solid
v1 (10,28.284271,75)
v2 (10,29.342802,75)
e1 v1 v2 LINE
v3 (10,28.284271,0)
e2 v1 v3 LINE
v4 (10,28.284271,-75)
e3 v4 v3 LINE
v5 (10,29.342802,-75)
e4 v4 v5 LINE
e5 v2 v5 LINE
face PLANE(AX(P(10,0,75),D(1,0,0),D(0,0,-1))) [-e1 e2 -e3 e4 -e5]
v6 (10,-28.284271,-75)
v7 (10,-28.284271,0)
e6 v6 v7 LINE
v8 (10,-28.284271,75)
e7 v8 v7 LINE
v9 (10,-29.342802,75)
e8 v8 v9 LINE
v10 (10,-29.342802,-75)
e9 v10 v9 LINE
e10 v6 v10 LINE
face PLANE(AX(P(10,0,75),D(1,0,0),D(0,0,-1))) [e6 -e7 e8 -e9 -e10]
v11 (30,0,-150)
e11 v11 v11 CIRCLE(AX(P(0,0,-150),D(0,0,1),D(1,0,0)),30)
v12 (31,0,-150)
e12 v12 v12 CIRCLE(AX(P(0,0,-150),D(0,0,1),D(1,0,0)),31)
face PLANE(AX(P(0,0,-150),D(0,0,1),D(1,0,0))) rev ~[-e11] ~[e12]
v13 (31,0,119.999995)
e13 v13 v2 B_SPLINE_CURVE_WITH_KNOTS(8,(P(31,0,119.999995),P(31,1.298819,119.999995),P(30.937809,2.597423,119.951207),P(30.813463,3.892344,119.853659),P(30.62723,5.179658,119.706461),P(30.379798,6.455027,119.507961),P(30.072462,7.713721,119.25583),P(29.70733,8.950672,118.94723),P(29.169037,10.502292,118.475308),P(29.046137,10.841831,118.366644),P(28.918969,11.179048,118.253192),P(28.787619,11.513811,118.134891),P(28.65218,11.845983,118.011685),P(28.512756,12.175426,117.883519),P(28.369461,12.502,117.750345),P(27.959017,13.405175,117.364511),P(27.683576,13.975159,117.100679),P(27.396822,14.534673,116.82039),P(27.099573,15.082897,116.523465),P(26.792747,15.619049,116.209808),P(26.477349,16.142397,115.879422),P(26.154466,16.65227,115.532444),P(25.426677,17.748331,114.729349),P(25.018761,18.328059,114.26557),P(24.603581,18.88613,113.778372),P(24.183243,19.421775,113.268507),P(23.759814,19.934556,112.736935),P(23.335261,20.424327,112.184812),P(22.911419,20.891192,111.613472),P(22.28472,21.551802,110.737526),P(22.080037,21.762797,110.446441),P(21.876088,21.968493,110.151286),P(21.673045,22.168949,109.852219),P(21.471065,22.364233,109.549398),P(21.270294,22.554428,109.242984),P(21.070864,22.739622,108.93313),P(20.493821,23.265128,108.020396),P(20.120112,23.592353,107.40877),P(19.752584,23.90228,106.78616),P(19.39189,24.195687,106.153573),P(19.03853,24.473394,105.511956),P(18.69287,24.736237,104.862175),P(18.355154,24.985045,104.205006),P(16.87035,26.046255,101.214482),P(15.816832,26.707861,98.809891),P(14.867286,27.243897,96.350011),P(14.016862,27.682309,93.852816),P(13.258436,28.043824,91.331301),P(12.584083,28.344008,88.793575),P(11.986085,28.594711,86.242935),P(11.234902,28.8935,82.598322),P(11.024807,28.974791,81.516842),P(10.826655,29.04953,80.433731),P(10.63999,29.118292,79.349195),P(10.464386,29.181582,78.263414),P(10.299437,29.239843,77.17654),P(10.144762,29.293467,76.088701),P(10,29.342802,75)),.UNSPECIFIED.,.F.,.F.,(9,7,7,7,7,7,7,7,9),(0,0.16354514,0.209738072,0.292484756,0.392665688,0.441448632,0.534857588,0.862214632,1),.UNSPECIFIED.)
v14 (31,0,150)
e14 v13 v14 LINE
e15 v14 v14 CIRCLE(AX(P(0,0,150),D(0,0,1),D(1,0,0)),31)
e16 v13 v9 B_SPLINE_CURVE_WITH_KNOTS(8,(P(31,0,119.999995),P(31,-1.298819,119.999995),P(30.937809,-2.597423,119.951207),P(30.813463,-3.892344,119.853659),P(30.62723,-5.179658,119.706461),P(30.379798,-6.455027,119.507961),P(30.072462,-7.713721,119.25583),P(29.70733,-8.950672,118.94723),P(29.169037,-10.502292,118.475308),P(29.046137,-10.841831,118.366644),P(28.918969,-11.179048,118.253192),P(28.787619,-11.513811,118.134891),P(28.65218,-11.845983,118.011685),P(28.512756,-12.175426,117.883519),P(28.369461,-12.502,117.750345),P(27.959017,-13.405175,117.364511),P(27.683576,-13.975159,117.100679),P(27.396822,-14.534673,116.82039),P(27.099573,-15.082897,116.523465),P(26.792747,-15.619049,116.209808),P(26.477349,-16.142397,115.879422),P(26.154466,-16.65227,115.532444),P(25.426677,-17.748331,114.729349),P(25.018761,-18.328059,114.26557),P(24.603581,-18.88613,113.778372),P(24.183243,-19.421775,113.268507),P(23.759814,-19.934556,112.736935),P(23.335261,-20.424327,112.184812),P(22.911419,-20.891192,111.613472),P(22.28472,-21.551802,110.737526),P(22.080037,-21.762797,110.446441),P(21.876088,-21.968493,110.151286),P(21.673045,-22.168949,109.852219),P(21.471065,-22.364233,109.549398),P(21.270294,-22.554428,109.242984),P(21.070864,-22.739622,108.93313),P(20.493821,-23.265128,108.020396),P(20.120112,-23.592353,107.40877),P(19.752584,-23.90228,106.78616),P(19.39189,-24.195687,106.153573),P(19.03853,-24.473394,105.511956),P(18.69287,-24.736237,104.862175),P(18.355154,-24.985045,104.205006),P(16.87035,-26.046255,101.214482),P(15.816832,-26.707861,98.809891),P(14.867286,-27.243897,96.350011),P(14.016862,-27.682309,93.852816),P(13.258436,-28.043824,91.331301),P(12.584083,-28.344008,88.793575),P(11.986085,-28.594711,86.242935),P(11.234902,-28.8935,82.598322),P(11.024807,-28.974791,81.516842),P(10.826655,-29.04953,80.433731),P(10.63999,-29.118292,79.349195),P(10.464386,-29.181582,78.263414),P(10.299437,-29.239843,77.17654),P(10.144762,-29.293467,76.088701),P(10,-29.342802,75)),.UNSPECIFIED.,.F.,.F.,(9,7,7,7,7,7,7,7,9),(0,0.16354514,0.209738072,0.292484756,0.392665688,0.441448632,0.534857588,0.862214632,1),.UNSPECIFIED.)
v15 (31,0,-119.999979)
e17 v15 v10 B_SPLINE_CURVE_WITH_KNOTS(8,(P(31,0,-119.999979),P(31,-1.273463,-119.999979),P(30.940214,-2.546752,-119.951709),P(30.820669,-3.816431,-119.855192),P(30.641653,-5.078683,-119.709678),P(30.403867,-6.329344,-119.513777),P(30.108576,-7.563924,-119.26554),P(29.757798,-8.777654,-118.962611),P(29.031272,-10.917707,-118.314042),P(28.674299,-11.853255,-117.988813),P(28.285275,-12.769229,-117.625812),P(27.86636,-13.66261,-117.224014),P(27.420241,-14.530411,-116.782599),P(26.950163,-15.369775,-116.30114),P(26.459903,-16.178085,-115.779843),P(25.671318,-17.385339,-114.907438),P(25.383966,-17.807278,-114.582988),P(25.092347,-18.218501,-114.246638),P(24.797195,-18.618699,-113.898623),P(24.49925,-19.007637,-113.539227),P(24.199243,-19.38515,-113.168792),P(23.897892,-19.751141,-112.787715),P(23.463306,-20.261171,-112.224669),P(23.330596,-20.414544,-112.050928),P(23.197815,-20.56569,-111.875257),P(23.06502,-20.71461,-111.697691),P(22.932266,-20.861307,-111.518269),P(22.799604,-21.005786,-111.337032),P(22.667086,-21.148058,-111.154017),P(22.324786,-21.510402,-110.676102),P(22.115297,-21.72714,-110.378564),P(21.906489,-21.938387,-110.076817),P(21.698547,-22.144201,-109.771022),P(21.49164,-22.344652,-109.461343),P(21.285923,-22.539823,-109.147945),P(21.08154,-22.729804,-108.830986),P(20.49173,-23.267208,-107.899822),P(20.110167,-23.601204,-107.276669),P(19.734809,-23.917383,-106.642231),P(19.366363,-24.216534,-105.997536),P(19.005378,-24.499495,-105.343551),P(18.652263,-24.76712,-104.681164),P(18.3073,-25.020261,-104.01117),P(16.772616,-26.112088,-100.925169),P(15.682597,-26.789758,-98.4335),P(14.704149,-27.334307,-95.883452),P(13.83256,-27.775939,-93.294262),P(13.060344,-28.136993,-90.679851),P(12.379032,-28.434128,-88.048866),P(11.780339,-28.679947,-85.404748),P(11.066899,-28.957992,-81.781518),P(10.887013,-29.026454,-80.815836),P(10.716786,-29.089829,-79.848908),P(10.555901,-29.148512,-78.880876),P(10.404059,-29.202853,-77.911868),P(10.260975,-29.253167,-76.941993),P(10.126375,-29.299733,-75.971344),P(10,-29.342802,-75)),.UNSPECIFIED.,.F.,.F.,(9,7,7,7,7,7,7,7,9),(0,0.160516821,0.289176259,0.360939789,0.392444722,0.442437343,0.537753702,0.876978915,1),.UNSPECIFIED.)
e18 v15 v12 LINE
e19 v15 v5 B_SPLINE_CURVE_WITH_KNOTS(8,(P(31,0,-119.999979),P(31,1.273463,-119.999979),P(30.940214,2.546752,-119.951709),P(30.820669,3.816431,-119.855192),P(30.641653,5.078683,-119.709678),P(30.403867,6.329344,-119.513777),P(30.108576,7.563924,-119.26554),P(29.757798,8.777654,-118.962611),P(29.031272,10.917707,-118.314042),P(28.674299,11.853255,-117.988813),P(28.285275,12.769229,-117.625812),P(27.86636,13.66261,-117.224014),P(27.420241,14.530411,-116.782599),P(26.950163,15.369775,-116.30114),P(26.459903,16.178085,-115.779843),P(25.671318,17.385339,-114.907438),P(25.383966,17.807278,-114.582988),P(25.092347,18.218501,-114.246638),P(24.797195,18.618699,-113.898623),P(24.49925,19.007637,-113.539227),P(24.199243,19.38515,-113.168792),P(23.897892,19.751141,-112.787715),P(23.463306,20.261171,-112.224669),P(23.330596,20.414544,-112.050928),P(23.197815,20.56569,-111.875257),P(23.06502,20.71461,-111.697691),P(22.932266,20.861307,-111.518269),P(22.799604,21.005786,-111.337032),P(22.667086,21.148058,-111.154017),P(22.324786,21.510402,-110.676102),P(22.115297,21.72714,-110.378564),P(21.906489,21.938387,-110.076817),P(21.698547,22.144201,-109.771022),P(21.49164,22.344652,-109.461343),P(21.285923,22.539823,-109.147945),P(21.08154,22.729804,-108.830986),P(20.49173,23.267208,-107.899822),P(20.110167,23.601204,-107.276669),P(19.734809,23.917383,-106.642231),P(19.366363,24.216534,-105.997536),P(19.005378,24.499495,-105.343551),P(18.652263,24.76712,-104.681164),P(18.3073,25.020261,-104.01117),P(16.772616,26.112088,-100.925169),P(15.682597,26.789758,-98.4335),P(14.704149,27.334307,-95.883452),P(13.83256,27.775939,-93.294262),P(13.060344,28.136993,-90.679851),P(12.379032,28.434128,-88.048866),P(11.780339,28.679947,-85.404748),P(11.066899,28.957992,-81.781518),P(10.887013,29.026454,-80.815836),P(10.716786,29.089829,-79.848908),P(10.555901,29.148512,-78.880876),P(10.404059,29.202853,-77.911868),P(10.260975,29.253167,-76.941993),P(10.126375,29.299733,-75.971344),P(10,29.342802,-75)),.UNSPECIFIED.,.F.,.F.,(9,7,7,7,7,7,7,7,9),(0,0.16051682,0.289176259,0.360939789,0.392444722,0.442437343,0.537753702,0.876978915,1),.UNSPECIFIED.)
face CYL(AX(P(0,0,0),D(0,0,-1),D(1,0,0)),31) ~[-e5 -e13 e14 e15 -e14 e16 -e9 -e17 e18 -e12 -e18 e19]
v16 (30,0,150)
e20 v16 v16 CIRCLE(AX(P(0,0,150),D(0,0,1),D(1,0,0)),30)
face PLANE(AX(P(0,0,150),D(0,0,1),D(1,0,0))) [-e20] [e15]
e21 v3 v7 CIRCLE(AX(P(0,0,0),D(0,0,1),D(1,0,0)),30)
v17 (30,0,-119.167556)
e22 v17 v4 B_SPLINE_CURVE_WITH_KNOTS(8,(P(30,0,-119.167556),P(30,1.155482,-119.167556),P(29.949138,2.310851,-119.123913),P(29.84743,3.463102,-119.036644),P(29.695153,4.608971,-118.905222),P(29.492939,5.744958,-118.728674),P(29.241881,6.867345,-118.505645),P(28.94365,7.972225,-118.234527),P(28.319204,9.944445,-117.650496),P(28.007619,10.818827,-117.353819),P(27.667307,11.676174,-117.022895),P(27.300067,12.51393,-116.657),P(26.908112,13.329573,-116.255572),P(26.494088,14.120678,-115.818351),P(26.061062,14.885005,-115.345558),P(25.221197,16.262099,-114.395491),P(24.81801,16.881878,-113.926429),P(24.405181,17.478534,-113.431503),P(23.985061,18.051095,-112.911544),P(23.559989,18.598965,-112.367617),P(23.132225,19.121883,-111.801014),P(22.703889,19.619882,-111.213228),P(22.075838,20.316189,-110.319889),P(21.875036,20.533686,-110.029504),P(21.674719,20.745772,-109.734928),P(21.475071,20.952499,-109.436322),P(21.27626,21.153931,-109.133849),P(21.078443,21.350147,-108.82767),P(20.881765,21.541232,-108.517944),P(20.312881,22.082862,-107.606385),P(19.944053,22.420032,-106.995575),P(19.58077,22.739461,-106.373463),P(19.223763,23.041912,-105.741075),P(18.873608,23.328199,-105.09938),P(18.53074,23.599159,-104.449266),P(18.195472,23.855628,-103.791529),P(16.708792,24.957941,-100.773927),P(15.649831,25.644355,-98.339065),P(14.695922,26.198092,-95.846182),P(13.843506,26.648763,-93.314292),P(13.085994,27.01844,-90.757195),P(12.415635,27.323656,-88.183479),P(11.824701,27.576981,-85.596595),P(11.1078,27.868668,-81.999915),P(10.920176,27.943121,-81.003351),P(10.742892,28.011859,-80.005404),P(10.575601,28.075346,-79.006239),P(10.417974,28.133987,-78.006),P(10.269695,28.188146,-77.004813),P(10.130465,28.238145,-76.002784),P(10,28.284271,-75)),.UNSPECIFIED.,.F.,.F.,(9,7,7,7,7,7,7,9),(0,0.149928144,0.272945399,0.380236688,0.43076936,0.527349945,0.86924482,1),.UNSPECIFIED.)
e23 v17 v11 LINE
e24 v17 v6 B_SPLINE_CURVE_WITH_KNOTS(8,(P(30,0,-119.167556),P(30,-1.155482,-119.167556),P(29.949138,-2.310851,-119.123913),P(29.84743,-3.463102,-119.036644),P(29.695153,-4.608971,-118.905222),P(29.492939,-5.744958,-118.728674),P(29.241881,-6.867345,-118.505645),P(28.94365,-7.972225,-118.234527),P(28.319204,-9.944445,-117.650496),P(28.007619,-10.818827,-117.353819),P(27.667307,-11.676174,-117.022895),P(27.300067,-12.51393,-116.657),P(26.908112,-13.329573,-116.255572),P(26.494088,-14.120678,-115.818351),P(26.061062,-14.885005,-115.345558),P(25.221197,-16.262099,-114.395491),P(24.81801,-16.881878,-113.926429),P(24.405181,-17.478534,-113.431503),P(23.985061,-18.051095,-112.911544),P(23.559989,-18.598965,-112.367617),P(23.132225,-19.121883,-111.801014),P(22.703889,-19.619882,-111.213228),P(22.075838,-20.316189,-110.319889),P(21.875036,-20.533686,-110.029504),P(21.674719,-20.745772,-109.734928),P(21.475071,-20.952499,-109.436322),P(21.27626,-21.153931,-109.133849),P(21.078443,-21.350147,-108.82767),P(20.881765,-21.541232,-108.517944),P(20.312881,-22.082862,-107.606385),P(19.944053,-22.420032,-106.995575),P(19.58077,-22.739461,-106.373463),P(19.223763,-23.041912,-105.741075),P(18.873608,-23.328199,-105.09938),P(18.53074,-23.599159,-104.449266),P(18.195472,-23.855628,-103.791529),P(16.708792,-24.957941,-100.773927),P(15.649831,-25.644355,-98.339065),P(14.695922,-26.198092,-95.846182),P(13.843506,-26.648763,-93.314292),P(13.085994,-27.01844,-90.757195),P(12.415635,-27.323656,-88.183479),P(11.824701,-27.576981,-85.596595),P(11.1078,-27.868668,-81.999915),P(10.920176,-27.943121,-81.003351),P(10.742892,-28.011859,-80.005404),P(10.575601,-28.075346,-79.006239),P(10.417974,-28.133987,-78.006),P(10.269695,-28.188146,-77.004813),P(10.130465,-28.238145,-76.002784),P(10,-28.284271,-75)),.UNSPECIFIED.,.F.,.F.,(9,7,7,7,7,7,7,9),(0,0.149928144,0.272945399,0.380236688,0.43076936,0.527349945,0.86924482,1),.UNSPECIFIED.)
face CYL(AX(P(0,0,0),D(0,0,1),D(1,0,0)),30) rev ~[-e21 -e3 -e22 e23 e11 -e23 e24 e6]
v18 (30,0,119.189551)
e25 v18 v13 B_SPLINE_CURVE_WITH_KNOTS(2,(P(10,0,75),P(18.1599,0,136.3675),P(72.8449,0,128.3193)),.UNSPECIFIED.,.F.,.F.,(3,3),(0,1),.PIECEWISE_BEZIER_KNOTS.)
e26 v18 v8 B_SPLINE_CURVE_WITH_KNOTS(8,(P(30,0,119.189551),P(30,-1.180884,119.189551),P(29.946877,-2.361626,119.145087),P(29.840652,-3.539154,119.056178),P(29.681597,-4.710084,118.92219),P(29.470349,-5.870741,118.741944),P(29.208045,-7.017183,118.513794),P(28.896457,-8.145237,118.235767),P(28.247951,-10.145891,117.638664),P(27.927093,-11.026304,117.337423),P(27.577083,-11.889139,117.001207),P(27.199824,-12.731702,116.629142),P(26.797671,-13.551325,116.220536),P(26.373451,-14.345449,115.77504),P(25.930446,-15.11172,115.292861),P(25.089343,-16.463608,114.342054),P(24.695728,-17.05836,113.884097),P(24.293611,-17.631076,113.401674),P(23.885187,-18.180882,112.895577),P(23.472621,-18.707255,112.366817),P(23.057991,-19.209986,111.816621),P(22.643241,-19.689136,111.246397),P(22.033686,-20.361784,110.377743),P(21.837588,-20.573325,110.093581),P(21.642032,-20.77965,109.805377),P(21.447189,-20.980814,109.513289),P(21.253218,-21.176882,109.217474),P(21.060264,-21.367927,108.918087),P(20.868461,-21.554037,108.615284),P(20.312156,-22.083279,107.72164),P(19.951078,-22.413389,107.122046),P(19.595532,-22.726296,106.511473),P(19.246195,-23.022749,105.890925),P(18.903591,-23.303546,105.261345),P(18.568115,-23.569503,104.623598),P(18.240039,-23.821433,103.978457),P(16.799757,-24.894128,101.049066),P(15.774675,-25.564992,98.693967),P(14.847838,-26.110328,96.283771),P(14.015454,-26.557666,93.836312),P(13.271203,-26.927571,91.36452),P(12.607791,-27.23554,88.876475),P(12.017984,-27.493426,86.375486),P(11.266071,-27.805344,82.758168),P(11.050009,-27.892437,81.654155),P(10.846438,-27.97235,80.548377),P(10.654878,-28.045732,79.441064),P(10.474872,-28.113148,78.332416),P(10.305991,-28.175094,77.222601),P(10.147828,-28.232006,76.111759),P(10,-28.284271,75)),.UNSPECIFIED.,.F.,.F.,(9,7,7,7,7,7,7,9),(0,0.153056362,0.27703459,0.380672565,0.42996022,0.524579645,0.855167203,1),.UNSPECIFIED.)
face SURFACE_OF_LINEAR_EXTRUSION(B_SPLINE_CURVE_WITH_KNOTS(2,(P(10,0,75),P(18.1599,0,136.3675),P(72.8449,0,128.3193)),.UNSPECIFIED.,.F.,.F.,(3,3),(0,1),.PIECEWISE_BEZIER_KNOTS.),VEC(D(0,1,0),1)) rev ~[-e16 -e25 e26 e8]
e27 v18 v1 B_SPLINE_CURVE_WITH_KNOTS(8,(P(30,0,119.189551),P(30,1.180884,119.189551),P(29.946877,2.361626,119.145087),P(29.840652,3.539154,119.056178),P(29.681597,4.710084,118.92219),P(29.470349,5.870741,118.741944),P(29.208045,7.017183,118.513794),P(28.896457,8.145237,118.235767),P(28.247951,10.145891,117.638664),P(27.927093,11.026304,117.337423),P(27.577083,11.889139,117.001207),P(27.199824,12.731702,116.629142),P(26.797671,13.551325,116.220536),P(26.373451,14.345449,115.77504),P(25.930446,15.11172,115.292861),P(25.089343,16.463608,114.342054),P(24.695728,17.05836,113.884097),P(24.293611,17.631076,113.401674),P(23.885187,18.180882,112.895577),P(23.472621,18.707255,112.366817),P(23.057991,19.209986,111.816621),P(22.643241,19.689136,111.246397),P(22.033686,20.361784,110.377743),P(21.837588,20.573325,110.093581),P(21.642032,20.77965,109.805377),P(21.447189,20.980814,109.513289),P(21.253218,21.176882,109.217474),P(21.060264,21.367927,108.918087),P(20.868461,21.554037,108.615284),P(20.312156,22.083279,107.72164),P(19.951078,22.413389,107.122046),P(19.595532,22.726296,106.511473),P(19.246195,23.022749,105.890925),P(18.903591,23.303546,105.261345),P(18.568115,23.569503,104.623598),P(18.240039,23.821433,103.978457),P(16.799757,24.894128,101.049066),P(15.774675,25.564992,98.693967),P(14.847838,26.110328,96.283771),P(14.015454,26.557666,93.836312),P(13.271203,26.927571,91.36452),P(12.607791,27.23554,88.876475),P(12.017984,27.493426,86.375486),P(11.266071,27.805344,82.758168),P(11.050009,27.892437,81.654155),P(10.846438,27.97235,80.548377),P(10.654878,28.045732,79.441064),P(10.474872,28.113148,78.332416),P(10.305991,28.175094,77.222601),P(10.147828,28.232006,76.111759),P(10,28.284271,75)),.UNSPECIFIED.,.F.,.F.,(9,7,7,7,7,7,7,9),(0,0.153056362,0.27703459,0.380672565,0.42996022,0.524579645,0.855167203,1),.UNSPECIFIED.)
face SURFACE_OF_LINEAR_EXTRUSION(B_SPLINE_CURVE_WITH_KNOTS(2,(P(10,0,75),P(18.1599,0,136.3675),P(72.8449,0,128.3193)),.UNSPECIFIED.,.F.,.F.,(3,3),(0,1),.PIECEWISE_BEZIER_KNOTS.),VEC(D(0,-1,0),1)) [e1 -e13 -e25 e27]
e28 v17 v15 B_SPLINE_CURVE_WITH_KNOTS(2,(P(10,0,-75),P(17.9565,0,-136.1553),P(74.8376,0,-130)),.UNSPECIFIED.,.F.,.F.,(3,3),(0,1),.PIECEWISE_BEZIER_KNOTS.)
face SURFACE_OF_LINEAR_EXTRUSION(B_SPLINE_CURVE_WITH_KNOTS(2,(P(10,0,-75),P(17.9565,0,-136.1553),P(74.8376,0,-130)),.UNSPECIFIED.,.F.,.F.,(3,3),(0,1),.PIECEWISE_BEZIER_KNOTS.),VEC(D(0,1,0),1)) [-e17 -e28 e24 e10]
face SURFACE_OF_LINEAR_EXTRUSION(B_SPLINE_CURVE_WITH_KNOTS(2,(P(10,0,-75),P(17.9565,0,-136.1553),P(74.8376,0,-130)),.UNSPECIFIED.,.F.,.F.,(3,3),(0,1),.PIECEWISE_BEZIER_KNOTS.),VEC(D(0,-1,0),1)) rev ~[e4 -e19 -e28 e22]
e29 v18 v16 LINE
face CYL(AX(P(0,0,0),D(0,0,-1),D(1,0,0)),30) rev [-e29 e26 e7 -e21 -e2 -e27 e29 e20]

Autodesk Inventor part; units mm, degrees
ref_plane "YZ Plane" through (0, 0, 0) normal (1, 0, 0) x (0, 1, 0)
ref_plane "XZ Plane" through (0, 0, 0) normal (0, 1, 0) x (-1, 0, 0)
ref_plane "XY Plane" through (0, 0, 0) normal (0, 0, 1) x (1, 0, 0)
sketch "Skizze1" plane through (0, 0, 0) normal (0, 0, 1) x (1, 0, 0)
  circle A0 centre (0, 0) radius 31
  circle A1 centre (0, 0) radius 30
  dimension "d0" = 62
  dimension "d1" = 60
extrude "Extrusion1" add sketch "Skizze1" along normal mid plane 300
sketch "Skizze2" plane through (0, 0, 0) normal (0, 1, 0) x (-1, 0, 0)
  line L0 (-10, 169.5773) -> (-10, -169.8146) construction
  line L1 (-74.8376, 0) -> (82.6362, 0) construction
  line L2 (-10, 75) -> (-10, -75)
  line L3 (-31, -150) -> (-31, 150) projected
  line L4 (31, 150) -> (-31, 150) projected
  line L5 (-31, -150) -> (31, -150) projected
  spline S0 degree 2 poles (-10, 75) (-18.1599, 136.3675) (-72.8449, 128.3193) knots 0 0 0 1 1 1
  spline S1 degree 2 poles (-10, -75) (-17.9565, -136.1553) (-74.8376, -130) knots 0 0 0 1 1 1
  line L6 (-72.8449, 128.3193) -> (-74.8376, -130)
  point P0 (0, 0)
  point P1 (-31, 120)
  point P2 (-31, -120)
  dimension "d4" = 10
  dimension "d5" = 150
  dimension "d6" = 30
  dimension "d7" = 30
extrude "Extrusion2" cut sketch "Skizze2" against normal mid plane 65 contours L2 S1 L3 S0
properties part number "Segment_mitte"
